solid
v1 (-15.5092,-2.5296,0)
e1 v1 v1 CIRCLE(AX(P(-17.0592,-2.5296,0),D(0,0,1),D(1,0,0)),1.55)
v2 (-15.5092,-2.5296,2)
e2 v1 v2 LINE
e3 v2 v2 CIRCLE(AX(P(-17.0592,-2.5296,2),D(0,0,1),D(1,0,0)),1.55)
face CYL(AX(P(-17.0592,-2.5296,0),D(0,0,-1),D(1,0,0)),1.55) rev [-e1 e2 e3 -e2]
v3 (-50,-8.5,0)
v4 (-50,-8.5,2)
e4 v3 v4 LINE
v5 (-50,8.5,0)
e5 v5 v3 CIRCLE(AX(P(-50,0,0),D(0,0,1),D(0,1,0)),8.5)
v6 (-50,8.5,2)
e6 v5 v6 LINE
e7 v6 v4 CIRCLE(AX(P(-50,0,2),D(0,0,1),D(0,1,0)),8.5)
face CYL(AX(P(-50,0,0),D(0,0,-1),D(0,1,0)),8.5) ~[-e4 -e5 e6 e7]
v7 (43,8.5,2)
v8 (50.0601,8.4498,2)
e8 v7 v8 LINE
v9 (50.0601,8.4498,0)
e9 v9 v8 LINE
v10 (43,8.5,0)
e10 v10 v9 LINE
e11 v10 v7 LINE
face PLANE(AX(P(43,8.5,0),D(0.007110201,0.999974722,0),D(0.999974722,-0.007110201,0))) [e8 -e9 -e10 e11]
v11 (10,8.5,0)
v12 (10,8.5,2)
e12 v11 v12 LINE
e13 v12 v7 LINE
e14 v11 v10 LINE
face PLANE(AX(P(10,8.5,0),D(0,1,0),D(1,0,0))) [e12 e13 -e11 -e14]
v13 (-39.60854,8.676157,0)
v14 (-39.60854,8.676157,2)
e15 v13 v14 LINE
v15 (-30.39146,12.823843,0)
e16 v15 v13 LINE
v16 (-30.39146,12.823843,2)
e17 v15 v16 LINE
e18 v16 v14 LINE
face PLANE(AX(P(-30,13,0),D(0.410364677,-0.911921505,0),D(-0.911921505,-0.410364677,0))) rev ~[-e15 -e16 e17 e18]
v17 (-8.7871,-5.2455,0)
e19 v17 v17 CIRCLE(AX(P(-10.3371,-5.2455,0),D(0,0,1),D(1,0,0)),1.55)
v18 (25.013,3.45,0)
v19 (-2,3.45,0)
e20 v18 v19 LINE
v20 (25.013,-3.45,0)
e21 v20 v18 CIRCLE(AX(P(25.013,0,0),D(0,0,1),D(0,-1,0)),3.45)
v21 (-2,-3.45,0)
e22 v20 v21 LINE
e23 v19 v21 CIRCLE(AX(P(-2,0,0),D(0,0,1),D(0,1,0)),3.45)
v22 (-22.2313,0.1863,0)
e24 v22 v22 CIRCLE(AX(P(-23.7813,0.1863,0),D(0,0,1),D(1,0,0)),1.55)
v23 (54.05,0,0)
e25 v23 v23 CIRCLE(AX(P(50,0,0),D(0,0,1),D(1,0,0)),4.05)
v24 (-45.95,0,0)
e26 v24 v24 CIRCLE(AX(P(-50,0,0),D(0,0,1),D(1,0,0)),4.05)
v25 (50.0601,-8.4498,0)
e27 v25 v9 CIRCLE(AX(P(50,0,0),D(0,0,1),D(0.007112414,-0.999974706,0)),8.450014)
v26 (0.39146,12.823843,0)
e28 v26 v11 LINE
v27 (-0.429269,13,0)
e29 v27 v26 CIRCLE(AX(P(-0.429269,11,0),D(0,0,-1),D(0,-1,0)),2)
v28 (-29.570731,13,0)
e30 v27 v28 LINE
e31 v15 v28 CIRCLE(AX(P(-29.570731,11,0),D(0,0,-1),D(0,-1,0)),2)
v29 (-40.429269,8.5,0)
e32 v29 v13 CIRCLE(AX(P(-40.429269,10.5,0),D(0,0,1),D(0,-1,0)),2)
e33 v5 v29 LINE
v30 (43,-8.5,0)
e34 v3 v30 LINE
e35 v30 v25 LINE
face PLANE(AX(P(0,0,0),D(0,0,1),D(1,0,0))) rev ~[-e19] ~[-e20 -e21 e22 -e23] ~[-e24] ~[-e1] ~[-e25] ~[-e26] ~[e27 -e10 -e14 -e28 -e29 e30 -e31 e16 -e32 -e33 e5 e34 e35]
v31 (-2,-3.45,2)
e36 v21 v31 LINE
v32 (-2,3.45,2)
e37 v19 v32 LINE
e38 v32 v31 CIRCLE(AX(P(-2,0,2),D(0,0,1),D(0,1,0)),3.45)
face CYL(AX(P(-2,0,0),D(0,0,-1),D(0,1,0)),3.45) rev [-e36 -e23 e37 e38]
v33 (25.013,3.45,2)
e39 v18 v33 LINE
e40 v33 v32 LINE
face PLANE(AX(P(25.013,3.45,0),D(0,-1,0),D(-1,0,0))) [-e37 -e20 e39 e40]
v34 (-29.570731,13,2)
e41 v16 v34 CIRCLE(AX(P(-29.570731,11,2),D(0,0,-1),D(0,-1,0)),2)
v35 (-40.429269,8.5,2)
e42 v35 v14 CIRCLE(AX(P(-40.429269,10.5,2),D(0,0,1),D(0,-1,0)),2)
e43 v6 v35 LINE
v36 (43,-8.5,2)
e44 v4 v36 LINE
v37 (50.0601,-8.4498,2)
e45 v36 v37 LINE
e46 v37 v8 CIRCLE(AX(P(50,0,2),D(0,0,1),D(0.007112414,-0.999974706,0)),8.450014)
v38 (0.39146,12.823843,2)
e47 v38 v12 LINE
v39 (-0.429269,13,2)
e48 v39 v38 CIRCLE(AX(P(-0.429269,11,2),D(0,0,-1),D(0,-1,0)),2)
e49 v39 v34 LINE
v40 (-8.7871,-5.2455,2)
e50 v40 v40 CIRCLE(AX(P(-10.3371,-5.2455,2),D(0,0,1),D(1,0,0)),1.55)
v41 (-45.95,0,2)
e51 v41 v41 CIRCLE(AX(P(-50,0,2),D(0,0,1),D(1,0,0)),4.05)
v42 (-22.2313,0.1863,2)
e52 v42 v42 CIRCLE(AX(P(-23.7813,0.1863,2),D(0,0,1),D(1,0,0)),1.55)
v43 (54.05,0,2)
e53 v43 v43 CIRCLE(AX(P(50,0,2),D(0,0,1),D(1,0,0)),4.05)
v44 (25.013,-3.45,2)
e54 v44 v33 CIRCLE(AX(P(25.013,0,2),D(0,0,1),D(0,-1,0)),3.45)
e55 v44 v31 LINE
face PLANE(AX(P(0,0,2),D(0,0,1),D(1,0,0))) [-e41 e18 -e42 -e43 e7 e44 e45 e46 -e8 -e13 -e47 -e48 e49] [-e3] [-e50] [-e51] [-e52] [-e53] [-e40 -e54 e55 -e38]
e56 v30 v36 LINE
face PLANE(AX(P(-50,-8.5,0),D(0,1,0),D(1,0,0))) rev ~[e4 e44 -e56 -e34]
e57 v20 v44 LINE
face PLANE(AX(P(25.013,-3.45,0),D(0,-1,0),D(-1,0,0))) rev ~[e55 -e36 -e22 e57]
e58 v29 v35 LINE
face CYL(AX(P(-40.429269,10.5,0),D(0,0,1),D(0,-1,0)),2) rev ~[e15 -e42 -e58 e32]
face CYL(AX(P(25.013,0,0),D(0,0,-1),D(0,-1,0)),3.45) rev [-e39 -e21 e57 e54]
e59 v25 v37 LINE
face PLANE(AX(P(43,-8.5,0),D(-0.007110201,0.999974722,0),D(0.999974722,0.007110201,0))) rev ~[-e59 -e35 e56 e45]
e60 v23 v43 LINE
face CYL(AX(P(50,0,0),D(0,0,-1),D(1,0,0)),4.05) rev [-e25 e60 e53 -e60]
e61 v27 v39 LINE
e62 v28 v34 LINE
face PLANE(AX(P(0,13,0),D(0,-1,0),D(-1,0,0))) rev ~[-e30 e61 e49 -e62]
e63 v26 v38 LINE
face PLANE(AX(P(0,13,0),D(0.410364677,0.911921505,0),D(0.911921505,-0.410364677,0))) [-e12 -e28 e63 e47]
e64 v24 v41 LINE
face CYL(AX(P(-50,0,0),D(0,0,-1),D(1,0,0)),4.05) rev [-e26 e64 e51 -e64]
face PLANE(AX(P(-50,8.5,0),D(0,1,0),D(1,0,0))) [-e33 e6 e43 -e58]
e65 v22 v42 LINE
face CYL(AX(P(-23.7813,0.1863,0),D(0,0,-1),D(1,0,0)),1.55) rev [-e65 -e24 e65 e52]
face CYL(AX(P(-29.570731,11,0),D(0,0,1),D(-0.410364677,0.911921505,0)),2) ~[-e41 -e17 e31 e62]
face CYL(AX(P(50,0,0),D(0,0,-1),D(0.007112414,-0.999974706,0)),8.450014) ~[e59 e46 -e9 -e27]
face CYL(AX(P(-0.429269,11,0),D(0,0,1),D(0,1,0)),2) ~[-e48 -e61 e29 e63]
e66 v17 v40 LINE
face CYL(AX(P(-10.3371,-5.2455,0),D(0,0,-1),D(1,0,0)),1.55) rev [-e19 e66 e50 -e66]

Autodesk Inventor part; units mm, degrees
ref_plane "YZ Plane" through (0, 0, 0) normal (1, 0, 0) x (0, 1, 0)
ref_plane "XZ Plane" through (0, 0, 0) normal (0, 1, 0) x (-1, 0, 0)
ref_plane "XY Plane" through (0, 0, 0) normal (0, 0, 1) x (1, 0, 0)
sketch "スケッチ1" plane through (0, 0, 0) normal (0, 0, 1) x (1, 0, 0)
  line L0 (-50, 0) -> (50, 0) construction
  circle A0 centre (-50, 0) radius 4.05
  circle A1 centre (50, 0) radius 4.05
  line L1 (-50, 8.5) -> (43, 8.5)
  line L2 (-50, -8.5) -> (43, -8.5)
  arc A2 (-50, 8.5) -> (-50, -8.5) centre (-50, 0) ccw
  arc A3 (25.013, -3.45) -> (25.013, 3.45) centre (25.013, 0) ccw
  line L3 (25.013, -3.45) -> (-2, -3.45)
  line L4 (25.013, 3.45) -> (-2, 3.45)
  arc A4 (-2, 3.45) -> (-2, -3.45) centre (-2, 0) ccw
  line L5 (43, -8.5) -> (50.0601, -8.4498)
  line L6 (43, 8.5) -> (50.0601, 8.4498)
  arc A5 (50.0601, -8.4498) -> (50.0601, 8.4498) centre (50, 0) ccw
  line L7 (0, 13) -> (-30, 13)
  line L8 (-30, 13) -> (-40, 8.5)
  line L9 (0, 13) -> (10, 8.5)
  circle A6 centre (-2, 0) radius 7 construction
  line L10 (-26.5125, -1.6815) -> (-20.6511, -11.8338) construction
  line L11 (-20.6511, -11.8338) -> (-53.7549, -30.9463) construction
  line L12 (-53.7549, -30.9463) -> (-59.6163, -20.794) construction
  line L13 (-59.6163, -20.794) -> (-26.5125, -1.6815) construction
  line L14 (-13.6037, 7.7659) -> (-48.3091, -4.7054) construction
  arc A7 (-13.6037, 7.7659) -> (-27.0705, 29.3127) centre (-18, 20) ccw construction
  line L15 (-27.0705, 29.3127) -> (-53.4886, 3.5818) construction
  arc A8 (-53.4886, 3.5818) -> (-48.3091, -4.7054) centre (-50, 0) ccw construction
  circle A9 centre (-10.3371, -5.2455) radius 1.55
  circle A10 centre (-17.0592, -2.5296) radius 1.55
  circle A11 centre (-23.7813, 0.1863) radius 1.55
  line L16 (-10.3371, -5.2455) -> (-23.7813, 0.1863) construction
  circle A12 centre (-10.3371, -5.2455) radius 2.85 construction
  line L17 (-8.9556, -8.5) -> (-7.0826, -3.8641) construction
  line L18 (-7.0826, -3.8641) -> (-25.1627, 3.4407) construction
  line L19 (-25.1627, 3.4407) -> (-27.0357, -1.1952) construction
  line L20 (-27.0357, -1.1952) -> (-8.9556, -8.5) construction
  line L21 (-10.3371, -5.2455) -> (-8.0191, -6.182) construction
  line L22 (-17.0592, -2.5296) -> (-17.9957, -4.8476) construction
  line L23 (-26.5125, -1.6815) -> (-28.0429, 2.5772) construction
  line L24 (-24.2542, -2.319) -> (-11.7372, -7.3762) construction
  line L25 (-11.7372, -7.3762) -> (-10.8007, -5.0582) construction
  line L26 (-10.8007, -5.0582) -> (-23.3177, -0.001) construction
  line L27 (-23.3177, -0.001) -> (-24.2542, -2.319) construction
  circle A13 centre (-17.0592, -2.5296) radius 2.85 construction
  point P0 (0, 0)
  point P1 (0, 0)
  dimension "d0" = 100
  dimension "d1" = 8.1
  dimension "d2" = 8.5
  dimension "d5" = 3.45
  dimension "d7" = 52
  dimension "d8" = 8.1
  dimension "d9" = 7
  dimension "d10" = 8.45
  dimension "d11" = 27.013
  dimension "d17" = 13
  dimension "d19" = 10
  dimension "d20" = 30
  dimension "d22" = 10
  dimension "d23" = 40
  dimension "d29" = 14
  dimension "d32" = 19.5
  dimension "d33" = 13.2
  dimension "d34" = 5
  dimension "d35" = 20
  dimension "d36" = 32
  dimension "d37" = 13
  dimension "d38" = 120
  dimension "d40" = 3.1
  dimension "d41" = 5.7
  dimension "d42" = 14.5
  dimension "d43" = 5
  dimension "d44" = 2.5
  dimension "d49" = 3
  dimension "d50" = 22
extrude "押し出し1" add sketch "スケッチ1" along normal blind 2
fillet "フィレット1" radius 2 4 edges at (-40, 8.5, 1) (-30, 13, 1) (0, 13, 1) (43, 8.5, 1)
equation "\"d7\" = 2 * d28"
equation "\"d8\" = d1"
equation "\"d11\" = d39"
equation "\"d19\" = d18"
equation "\"d22\" = d19"
equation "\"d28\" = 26"
equation "\"d39\" = 27.012989"
equation "\"d18\" = 10"
properties part number "rinnku" material "GFRP"
